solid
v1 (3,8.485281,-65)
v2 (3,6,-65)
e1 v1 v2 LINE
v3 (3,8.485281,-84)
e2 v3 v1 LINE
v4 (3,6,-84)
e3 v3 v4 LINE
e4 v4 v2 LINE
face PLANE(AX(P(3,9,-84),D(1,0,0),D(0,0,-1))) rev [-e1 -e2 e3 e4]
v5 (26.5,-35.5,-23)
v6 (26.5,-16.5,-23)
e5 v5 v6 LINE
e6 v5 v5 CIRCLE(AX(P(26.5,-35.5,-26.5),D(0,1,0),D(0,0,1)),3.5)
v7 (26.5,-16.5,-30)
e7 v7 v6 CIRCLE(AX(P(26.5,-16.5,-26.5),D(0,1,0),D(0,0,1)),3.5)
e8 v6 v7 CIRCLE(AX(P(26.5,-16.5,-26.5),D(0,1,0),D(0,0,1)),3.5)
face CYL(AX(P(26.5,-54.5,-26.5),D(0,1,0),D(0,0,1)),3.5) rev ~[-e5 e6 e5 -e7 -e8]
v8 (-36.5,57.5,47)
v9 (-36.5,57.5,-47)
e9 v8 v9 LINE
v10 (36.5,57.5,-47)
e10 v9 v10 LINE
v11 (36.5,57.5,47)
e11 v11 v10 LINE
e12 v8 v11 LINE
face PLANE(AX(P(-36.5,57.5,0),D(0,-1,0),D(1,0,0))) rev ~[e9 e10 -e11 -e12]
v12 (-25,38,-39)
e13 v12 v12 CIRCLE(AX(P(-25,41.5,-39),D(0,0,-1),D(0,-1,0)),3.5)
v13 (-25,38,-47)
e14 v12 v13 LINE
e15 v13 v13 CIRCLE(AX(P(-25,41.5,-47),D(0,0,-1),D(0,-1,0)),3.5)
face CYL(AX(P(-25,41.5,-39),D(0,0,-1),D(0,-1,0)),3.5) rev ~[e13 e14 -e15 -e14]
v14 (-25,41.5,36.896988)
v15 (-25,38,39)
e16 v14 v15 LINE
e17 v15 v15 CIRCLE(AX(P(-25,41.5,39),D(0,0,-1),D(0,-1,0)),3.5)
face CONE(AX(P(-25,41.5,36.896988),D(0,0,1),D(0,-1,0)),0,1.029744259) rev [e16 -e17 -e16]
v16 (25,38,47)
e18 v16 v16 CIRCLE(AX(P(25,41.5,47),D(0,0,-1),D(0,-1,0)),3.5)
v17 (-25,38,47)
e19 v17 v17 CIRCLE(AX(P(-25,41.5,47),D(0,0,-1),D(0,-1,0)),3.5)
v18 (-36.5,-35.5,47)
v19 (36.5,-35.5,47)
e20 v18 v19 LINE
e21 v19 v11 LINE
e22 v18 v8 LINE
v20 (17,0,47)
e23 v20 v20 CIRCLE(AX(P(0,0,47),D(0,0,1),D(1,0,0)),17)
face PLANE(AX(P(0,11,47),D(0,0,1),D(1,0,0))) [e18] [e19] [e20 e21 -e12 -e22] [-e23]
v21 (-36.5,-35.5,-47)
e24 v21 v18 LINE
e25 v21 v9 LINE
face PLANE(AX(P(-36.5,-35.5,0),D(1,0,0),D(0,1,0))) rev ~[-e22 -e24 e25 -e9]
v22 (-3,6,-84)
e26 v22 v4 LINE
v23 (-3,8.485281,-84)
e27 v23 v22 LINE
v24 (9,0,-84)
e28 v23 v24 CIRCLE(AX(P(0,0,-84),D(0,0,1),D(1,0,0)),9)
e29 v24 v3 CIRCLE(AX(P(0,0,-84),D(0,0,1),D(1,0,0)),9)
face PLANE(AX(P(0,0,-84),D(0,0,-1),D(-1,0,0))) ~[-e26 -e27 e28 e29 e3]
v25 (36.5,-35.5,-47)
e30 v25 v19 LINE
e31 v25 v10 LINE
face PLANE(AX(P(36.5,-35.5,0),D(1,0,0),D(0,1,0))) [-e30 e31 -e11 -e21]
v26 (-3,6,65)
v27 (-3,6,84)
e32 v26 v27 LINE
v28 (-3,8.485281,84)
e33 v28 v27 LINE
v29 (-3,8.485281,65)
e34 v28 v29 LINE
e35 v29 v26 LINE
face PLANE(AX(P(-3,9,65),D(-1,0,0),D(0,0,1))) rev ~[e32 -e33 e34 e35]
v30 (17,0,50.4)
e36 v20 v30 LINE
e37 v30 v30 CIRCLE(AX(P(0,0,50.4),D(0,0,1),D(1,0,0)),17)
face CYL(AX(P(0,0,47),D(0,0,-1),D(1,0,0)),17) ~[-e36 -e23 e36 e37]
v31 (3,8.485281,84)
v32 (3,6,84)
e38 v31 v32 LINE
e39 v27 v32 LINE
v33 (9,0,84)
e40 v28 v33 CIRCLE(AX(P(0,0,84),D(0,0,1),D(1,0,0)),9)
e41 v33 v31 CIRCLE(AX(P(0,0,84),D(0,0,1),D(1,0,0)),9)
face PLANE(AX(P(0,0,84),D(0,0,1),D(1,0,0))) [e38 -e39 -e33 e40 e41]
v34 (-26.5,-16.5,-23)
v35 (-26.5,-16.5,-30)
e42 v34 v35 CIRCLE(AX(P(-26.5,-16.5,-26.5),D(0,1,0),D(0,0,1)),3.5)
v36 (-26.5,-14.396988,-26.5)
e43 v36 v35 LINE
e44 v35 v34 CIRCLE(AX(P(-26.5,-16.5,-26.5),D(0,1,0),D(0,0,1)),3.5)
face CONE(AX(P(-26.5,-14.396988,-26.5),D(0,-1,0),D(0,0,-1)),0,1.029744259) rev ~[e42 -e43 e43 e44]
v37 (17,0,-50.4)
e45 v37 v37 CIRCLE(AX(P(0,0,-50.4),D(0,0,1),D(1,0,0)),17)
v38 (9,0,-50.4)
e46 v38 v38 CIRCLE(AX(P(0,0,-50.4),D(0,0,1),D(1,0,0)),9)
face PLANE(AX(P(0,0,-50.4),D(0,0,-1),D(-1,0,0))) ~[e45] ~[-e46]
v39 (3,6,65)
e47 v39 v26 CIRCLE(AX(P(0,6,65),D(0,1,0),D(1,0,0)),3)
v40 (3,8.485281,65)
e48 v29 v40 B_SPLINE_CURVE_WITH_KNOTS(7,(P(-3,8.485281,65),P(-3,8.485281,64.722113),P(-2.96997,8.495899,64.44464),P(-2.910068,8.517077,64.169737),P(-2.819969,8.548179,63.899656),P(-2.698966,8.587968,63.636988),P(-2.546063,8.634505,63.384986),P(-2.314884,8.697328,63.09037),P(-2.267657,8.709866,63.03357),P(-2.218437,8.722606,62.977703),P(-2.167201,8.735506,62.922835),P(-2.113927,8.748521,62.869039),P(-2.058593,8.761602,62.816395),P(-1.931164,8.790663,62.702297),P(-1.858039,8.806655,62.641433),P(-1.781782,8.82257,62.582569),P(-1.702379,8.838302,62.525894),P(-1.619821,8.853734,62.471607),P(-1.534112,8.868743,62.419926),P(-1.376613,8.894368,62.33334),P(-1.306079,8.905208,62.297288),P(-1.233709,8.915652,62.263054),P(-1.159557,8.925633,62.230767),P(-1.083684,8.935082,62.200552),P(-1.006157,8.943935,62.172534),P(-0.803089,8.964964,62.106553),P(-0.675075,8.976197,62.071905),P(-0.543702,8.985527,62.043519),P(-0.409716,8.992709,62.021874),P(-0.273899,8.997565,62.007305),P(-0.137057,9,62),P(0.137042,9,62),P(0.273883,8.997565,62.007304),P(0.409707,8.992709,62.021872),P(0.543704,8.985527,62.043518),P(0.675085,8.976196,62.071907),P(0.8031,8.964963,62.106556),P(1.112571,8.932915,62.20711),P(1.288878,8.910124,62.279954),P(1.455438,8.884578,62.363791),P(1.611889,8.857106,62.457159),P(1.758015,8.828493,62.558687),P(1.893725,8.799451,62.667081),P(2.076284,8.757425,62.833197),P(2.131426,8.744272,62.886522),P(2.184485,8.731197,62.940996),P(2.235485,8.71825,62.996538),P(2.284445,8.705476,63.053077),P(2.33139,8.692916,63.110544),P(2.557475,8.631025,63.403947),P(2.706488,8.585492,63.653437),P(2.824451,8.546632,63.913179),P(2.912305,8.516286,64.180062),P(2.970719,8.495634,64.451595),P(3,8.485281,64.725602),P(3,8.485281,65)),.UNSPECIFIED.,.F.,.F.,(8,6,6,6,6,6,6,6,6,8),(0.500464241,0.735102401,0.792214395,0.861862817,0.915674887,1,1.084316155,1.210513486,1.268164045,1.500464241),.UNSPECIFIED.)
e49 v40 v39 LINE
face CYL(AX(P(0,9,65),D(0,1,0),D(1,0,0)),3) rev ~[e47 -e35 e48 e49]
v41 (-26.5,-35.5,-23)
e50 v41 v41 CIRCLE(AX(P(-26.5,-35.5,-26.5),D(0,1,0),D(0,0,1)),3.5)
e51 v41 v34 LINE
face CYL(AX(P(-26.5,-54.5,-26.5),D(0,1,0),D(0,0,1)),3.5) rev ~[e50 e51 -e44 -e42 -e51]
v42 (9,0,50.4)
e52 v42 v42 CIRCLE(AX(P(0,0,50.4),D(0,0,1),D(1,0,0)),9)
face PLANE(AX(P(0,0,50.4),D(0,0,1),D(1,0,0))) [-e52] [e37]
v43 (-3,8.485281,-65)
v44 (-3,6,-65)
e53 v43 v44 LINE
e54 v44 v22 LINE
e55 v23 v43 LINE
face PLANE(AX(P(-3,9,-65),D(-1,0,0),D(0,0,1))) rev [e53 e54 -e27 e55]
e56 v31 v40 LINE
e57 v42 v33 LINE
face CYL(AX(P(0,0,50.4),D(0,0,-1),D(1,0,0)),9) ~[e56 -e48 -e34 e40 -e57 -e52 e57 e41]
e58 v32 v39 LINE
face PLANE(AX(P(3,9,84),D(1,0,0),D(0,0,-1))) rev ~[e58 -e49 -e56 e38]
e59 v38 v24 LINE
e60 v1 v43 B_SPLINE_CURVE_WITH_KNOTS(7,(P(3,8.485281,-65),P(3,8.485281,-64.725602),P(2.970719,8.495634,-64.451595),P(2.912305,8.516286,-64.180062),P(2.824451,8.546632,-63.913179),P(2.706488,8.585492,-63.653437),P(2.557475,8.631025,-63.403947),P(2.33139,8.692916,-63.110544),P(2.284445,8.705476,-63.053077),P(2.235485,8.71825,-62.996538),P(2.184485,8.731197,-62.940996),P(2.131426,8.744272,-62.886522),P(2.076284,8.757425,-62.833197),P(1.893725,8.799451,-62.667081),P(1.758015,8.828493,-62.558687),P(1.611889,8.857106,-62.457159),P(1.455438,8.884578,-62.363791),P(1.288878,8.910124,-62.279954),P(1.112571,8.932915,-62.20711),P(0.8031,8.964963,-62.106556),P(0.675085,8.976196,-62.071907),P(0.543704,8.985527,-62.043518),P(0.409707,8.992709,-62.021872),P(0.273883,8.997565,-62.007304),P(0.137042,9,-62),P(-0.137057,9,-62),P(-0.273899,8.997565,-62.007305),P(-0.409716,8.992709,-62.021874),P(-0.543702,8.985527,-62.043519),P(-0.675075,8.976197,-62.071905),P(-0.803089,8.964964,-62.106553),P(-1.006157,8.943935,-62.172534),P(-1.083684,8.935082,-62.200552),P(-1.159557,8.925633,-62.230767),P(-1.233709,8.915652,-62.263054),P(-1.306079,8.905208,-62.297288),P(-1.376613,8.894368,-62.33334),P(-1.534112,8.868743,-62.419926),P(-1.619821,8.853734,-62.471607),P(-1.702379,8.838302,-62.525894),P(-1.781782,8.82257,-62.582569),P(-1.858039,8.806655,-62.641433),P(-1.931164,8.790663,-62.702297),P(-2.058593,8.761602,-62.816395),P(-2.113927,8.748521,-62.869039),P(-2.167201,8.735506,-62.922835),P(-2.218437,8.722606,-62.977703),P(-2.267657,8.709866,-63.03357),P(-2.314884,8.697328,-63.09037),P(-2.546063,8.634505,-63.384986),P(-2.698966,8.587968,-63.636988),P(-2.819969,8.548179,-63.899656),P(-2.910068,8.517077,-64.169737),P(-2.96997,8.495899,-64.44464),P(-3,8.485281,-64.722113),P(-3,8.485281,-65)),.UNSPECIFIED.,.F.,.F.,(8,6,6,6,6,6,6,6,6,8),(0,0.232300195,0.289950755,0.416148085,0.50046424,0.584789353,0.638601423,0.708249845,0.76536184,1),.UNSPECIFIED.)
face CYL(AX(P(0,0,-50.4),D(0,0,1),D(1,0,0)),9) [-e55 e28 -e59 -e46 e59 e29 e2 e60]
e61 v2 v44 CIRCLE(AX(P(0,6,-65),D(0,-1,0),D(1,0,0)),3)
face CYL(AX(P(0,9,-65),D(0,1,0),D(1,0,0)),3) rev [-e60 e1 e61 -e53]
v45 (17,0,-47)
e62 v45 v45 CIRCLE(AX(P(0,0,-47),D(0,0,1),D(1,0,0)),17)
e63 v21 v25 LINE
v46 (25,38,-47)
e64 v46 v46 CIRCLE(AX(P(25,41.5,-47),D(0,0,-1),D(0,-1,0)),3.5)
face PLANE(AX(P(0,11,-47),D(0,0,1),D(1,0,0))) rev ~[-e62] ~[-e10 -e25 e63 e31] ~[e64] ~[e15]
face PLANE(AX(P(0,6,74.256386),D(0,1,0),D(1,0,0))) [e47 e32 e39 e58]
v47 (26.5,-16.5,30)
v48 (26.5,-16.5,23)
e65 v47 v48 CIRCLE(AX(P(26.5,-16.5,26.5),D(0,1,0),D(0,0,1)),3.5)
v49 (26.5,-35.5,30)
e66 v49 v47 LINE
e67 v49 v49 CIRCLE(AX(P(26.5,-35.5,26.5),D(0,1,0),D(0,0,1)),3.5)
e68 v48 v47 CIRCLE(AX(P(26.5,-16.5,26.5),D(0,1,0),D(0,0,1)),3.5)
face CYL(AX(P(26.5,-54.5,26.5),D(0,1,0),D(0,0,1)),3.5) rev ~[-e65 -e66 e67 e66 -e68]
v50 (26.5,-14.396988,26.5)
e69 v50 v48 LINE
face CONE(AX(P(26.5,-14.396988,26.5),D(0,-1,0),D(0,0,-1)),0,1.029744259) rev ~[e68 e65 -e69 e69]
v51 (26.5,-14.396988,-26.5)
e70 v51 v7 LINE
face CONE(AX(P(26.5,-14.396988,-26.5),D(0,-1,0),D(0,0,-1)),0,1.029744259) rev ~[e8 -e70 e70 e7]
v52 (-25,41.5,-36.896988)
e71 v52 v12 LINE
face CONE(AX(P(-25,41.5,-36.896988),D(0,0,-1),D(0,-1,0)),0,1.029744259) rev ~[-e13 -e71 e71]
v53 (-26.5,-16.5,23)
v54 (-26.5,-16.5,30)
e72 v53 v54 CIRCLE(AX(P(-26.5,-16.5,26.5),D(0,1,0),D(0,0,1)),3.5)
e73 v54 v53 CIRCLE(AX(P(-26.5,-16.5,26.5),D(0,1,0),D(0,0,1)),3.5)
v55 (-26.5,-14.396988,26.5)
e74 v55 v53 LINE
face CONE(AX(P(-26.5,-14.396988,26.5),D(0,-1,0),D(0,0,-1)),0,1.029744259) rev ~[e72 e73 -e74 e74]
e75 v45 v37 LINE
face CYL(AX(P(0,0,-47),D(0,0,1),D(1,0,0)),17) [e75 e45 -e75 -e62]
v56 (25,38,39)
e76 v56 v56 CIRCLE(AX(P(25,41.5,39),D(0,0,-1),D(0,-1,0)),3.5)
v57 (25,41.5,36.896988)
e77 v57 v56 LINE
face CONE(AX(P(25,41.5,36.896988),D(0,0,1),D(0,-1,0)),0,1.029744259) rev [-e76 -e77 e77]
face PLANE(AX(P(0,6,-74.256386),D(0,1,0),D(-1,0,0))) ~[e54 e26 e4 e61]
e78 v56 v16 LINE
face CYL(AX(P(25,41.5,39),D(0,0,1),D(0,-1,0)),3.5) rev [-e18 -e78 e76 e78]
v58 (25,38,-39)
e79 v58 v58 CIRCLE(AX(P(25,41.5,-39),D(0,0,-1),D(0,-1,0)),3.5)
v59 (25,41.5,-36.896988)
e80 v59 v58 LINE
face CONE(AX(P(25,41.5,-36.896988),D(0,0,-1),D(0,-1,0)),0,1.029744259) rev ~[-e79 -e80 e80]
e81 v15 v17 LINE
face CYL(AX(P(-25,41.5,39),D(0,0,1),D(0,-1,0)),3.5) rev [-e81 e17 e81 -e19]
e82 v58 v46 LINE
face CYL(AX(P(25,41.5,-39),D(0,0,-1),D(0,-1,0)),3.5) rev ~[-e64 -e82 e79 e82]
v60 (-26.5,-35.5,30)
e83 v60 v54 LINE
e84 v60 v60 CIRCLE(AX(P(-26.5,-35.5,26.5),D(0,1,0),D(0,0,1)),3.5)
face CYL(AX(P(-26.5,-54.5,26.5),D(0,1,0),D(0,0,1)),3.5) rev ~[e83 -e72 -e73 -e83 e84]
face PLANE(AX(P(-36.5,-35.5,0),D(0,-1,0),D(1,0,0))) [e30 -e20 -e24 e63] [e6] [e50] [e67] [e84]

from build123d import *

# Parameters (mm, degrees)
SKETCH1_W                      = 73
SKETCH1_H                      = 93
BOSS_EXTRUDE1_DEPTH            = 47
SKETCH2_R                      = 17
BOSS_EXTRUDE2_DEPTH            = 3.4
SKETCH3_R                      = 9
BOSS_EXTRUDE3_DEPTH            = 33.6
SKETCH4_R                      = 3
CUT_EXTRUDE1_DEPTH             = 3
M8X1_0_TAPPED_HOLE1_AT_2_COUNT = 2
M8X1_0_TAPPED_HOLE1_AT_2_PITCH = 50
M8X1_0_TAPPED_HOLE2_D          = 7
M8X1_0_TAPPED_HOLE2_DEPTH      = 19
M8X1_0_TAPPED_HOLE2_TIP        = 2.103012167


with BuildPart() as part:
    # Sketch1 → Boss-Extrude1 (new, symmetric)
    with BuildSketch(Plane.XY):
        with Locations((0, 11)):
            Rectangle(SKETCH1_W, SKETCH1_H)
    extrude(amount=BOSS_EXTRUDE1_DEPTH, both=True)

    # Sketch2 → Boss-Extrude2 (add)
    with BuildSketch(Plane.XY.offset(47)):
        Circle(SKETCH2_R)
    boss_extrude2 = extrude(amount=BOSS_EXTRUDE2_DEPTH)

    # Sketch3 → Boss-Extrude3 (add)
    with BuildSketch(Plane.XY.offset(50.4)):
        Circle(SKETCH3_R)
    boss_extrude3 = extrude(amount=BOSS_EXTRUDE3_DEPTH)

    # Sketch4 → Cut-Extrude1 (cut)
    with BuildSketch(Plane(origin=(0, 9, 0), x_dir=(1, 0, 0), z_dir=(0, 1, 0))):
        with BuildLine():
            ThreePointArc((3, -65), (0, -68), (-3, -65))
            Line((-3, -65), (-3, -84))
            Line((-3, -84), (3, -84))
            Line((3, -84), (3, -65))
        make_face()
        with Locations((0, -65)):
            Circle(SKETCH4_R)
    cut_extrude1 = extrude(amount=-CUT_EXTRUDE1_DEPTH, mode=Mode.SUBTRACT)

    # Sketch6 → M8x1.0 Tapped Hole1 (revolve, cut)
    with BuildSketch(Plane(origin=(-25, 41.5, 47), x_dir=(0, -1, 0), z_dir=(1, 0, 0))):
        Polygon((0, 0), (0, 10.103012167), (3.5, 8), (3.5, 0), align=None)
    m8x1_0_tapped_hole1 = revolve(axis=Axis((-25, 41.5, 53.35), (0, 0, -1)), mode=Mode.SUBTRACT)

    # M8x1.0 Tapped Hole1 at 2: M8x1.0 Tapped Hole1 ×2
    with Locations(*[(i * M8X1_0_TAPPED_HOLE1_AT_2_PITCH, 0, 0) for i in range(1, M8X1_0_TAPPED_HOLE1_AT_2_COUNT)]):
        add(m8x1_0_tapped_hole1, mode=Mode.SUBTRACT)

    # Mirror1: Boss-Extrude2, Boss-Extrude3, Cut-Extrude1, M8x1.0 Tapped Hole1 across plane
    add(boss_extrude2.mirror(Plane.XY))
    add(boss_extrude3.mirror(Plane.XY))
    add(cut_extrude1.mirror(Plane.XY), mode=Mode.SUBTRACT)
    add(m8x1_0_tapped_hole1.mirror(Plane.XY), mode=Mode.SUBTRACT)

    # Mirror1 copy 1 sketch → Mirror1 copy 1 (revolve, cut)
    with BuildSketch(Plane(origin=(25, 41.5, -47), x_dir=(0, -1, 0), z_dir=(1, 0, 0))):
        Polygon((0, 0), (0, -10.103012167), (3.5, -8), (3.5, 0), align=None)
    revolve(axis=Axis((25, 41.5, -53.35), (0, 0, -1)), mode=Mode.SUBTRACT)

    # M8x1.0 Tapped Hole2
    with Locations(Plane(origin=(26.5, -35.5, 26.5), x_dir=(0, 0, -1), z_dir=(0, -1, 0))):
        with Locations((0, 0), (53, 0), (53, -53), (0, -53)):
            Hole(M8X1_0_TAPPED_HOLE2_D / 2, depth=M8X1_0_TAPPED_HOLE2_DEPTH)
            with Locations((0, 0, -(M8X1_0_TAPPED_HOLE2_DEPTH + M8X1_0_TAPPED_HOLE2_TIP / 2))):  # 118° drill point
                Cone(0, M8X1_0_TAPPED_HOLE2_D / 2, M8X1_0_TAPPED_HOLE2_TIP, mode=Mode.SUBTRACT)


solid = part.part
